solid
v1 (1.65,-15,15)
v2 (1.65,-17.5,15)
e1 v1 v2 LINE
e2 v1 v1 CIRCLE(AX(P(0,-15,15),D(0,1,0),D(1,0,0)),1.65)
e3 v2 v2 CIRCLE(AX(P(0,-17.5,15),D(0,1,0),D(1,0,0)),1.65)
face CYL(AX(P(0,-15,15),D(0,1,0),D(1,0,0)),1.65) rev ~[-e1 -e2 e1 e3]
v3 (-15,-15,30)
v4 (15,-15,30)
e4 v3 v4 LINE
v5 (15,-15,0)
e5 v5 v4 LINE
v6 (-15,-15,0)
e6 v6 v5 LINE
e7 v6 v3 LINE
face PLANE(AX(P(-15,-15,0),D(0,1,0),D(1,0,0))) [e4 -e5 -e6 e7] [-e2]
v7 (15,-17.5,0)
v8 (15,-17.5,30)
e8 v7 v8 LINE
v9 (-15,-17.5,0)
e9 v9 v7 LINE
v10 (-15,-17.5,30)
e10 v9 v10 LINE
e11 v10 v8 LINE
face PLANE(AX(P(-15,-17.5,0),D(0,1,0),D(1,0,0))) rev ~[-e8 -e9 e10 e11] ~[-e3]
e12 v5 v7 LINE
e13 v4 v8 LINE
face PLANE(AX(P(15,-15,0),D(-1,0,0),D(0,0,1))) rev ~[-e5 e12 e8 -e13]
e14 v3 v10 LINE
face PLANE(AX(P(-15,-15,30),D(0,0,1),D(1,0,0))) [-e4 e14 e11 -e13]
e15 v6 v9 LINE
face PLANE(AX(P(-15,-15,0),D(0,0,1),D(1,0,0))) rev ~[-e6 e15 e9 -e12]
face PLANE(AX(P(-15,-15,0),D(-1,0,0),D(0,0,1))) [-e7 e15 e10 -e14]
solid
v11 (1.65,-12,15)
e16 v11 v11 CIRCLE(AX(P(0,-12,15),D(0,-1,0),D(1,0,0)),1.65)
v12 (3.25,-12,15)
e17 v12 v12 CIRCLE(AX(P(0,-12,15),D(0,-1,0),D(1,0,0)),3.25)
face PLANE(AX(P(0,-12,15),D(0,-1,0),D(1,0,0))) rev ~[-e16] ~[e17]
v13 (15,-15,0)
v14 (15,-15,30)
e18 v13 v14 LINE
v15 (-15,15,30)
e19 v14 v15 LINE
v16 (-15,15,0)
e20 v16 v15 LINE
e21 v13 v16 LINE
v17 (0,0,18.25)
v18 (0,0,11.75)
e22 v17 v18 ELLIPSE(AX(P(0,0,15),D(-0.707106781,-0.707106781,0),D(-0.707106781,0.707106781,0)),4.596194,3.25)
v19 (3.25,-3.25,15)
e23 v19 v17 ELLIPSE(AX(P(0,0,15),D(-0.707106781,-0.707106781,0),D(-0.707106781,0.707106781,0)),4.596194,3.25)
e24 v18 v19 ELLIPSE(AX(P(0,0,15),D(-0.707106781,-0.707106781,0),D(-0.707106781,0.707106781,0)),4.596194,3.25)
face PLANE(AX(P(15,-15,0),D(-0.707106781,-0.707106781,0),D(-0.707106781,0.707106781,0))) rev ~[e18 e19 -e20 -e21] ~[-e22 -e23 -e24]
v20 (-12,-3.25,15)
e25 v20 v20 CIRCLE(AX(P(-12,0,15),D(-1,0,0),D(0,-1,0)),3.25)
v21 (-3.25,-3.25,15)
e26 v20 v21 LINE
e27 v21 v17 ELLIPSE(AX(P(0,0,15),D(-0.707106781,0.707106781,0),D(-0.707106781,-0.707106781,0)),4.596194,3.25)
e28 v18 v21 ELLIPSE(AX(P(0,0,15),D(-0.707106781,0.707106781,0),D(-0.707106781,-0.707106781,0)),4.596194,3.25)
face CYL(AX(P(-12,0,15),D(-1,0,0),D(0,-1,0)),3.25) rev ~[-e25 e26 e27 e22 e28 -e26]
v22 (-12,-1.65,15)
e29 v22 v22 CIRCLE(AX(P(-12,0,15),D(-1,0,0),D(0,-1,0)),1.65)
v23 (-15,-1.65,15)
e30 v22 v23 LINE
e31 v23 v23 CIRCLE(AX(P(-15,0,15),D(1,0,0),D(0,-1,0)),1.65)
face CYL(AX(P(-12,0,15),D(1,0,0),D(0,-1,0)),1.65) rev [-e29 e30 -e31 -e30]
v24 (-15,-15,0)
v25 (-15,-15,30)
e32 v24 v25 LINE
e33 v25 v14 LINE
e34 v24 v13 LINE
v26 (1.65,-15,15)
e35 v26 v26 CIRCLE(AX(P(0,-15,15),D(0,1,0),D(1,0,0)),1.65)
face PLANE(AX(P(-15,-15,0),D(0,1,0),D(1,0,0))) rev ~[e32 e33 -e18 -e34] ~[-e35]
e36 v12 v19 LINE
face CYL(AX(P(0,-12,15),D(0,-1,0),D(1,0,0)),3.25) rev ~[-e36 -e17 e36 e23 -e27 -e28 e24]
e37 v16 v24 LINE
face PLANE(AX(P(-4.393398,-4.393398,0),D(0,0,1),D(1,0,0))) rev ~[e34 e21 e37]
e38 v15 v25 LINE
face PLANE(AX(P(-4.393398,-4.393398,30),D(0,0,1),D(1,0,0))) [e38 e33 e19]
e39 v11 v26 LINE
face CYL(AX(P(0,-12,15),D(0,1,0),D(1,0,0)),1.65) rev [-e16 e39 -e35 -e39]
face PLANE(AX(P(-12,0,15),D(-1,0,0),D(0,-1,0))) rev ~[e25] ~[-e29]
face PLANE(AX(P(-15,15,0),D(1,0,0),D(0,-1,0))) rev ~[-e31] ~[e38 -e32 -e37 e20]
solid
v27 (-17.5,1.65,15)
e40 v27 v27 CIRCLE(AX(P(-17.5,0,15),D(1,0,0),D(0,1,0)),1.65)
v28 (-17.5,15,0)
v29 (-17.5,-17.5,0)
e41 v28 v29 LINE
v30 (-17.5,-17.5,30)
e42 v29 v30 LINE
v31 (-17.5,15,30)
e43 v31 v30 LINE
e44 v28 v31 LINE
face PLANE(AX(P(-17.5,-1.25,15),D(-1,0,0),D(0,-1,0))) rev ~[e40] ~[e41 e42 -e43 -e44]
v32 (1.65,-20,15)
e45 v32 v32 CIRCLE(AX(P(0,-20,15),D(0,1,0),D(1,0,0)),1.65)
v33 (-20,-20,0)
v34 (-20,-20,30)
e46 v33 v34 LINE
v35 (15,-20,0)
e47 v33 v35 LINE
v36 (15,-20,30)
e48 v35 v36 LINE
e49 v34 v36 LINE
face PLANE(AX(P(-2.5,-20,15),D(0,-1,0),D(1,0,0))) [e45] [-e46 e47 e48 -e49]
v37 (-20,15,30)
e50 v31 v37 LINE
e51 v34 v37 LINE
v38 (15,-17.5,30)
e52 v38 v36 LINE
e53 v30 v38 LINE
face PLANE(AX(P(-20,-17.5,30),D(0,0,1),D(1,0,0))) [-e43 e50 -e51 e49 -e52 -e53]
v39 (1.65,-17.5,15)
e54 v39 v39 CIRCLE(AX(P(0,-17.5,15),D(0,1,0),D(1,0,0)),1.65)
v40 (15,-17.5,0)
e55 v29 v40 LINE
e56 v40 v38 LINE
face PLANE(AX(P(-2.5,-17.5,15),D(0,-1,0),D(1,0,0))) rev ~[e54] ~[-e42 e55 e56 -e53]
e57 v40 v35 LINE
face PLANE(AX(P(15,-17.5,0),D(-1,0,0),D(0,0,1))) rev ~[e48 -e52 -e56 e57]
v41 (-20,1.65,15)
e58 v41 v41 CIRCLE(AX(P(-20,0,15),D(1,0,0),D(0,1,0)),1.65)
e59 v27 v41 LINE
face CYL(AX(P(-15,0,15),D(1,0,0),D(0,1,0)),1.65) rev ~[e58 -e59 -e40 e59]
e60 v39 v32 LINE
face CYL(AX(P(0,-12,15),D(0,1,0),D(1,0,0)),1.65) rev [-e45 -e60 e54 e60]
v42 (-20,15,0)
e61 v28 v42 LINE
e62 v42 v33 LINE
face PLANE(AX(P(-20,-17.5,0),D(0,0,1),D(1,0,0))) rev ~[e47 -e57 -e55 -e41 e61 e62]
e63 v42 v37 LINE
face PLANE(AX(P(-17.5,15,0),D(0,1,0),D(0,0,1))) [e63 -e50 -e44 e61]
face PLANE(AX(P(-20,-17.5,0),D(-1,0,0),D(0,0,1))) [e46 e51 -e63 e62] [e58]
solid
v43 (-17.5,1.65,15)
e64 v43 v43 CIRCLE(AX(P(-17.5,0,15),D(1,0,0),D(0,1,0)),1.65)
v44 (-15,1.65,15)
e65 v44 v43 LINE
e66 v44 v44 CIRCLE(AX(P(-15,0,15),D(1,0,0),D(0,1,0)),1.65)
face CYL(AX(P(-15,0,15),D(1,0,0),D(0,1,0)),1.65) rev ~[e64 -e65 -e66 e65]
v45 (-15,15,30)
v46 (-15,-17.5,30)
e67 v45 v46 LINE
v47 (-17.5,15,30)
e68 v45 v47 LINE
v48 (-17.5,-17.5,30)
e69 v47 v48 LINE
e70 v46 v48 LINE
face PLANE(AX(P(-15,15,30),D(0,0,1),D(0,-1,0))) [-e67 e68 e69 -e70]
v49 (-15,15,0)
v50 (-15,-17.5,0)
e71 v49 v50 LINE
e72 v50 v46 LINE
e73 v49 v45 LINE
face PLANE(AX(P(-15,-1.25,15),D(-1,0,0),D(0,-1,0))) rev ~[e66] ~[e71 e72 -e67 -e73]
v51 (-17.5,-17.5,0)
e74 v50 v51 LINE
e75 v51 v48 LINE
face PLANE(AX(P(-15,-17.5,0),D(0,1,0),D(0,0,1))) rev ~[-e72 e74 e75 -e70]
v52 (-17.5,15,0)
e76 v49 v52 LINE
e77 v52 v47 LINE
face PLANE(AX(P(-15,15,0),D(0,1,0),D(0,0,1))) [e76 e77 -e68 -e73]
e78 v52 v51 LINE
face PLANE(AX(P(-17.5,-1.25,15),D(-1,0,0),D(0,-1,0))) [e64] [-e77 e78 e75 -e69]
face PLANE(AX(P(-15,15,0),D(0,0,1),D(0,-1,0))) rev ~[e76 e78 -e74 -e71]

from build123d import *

# Parameters (mm, degrees)
F2_DEPTH  = 30
F4_R      = 3.25
F5_DEPTH  = 27.001
F6_R      = 1.65
F7_DEPTH  = 3.001
F9_R      = 3.25
F10_DEPTH = 27.001
F11_R     = 1.65
F12_DEPTH = 25
F13_DEPTH = 2.5
F14_W     = 32.5
F14_H     = 30
F15_DEPTH = 2.5
F16_DEPTH = 2.5
F17_W     = 35
F17_H     = 30
F18_DEPTH = 2.5
F19_R     = 1.65
F20_DEPTH = 25
F21_R     = 1.65
F22_DEPTH = 25


with BuildPart() as f2:
    # F1 (on Top) → F2 (new body)
    with BuildSketch(Plane.XY):
        Polygon((-15, -15), (15, -15), (-15, 15), align=None)
    extrude(amount=F2_DEPTH)

    # F4 (on offset) → F5 (cut, through all)
    with BuildSketch(Plane(origin=(-12, 0, 0), x_dir=(0, -1, 0), z_dir=(-1, 0, 0))):
        with Locations((0, 15)):
            Circle(F4_R)
    extrude(amount=-F5_DEPTH, mode=Mode.SUBTRACT)

    # F6 (on offset) → F7 (cut, through all)
    with BuildSketch(Plane(origin=(-12, 0, 0), x_dir=(0, -1, 0), z_dir=(-1, 0, 0))):
        with Locations((0, 15)):
            Circle(F6_R)
    extrude(amount=F7_DEPTH, mode=Mode.SUBTRACT)

    # F9 (on offset) → F10 (cut, through all)
    with BuildSketch(Plane.XZ.offset(12)):
        with Locations((0, 15)):
            Circle(F9_R)
    extrude(amount=-F10_DEPTH, mode=Mode.SUBTRACT)

    # F11 (on offset) → F12 (cut)
    with BuildSketch(Plane.XZ.offset(12)):
        with Locations((0, 15)):
            Circle(F11_R)
    extrude(amount=F12_DEPTH, mode=Mode.SUBTRACT)


with BuildPart() as f13:
    # F13 (new): a face of the model
    f13_faces = [f2.part.faces().sort_by_distance(p)[0] for p in [
        (-14.5757359313, -15, 15),
    ]]
    extrude(f13_faces, amount=F13_DEPTH)


with BuildPart() as f15:
    # F14 (on face) → F15 (new body)
    with BuildSketch(Plane(origin=(-15, 0, 0), x_dir=(0, -1, 0), z_dir=(-1, 0, 0))):
        with Locations((1.25, 15)):
            Rectangle(F14_W, F14_H)
    extrude(amount=F15_DEPTH)


with BuildPart() as f16:
    # F16 (new): a face of the model
    f16_faces = [f15.part.faces().sort_by_distance(p)[0] for p in [
        (-17.5, -1.25, 15),
    ]]
    extrude(f16_faces, amount=F16_DEPTH)

    # F17 (on face) → F18 (join)
    with BuildSketch(Plane.XZ.offset(17.5)):
        with Locations((-2.5, 15)):
            Rectangle(F17_W, F17_H)
    extrude(amount=F18_DEPTH)

    # F19 (on face) → F20 (cut)
    with BuildSketch(Plane.XZ.offset(12)):
        with Locations((0, 15)):
            Circle(F19_R)
    extrude(amount=F20_DEPTH, mode=Mode.SUBTRACT)


with BuildPart() as f22_tool:
    # F21 (on face) → F22 (new body)
    with BuildSketch(Plane.YZ.offset(-15)):
        with Locations((0, 15)):
            Circle(F21_R)
    extrude(amount=-F22_DEPTH)


with BuildPart() as f15_1:
    add(f15.part)

    # F22: cut by f22_tool
    add(f22_tool.part, mode=Mode.SUBTRACT)


with BuildPart() as f16_1:
    add(f16.part)

    # F22: cut by f22_tool
    add(f22_tool.part, mode=Mode.SUBTRACT)


solid = Compound([f2.part, f13.part, f15_1.part, f16_1.part])
